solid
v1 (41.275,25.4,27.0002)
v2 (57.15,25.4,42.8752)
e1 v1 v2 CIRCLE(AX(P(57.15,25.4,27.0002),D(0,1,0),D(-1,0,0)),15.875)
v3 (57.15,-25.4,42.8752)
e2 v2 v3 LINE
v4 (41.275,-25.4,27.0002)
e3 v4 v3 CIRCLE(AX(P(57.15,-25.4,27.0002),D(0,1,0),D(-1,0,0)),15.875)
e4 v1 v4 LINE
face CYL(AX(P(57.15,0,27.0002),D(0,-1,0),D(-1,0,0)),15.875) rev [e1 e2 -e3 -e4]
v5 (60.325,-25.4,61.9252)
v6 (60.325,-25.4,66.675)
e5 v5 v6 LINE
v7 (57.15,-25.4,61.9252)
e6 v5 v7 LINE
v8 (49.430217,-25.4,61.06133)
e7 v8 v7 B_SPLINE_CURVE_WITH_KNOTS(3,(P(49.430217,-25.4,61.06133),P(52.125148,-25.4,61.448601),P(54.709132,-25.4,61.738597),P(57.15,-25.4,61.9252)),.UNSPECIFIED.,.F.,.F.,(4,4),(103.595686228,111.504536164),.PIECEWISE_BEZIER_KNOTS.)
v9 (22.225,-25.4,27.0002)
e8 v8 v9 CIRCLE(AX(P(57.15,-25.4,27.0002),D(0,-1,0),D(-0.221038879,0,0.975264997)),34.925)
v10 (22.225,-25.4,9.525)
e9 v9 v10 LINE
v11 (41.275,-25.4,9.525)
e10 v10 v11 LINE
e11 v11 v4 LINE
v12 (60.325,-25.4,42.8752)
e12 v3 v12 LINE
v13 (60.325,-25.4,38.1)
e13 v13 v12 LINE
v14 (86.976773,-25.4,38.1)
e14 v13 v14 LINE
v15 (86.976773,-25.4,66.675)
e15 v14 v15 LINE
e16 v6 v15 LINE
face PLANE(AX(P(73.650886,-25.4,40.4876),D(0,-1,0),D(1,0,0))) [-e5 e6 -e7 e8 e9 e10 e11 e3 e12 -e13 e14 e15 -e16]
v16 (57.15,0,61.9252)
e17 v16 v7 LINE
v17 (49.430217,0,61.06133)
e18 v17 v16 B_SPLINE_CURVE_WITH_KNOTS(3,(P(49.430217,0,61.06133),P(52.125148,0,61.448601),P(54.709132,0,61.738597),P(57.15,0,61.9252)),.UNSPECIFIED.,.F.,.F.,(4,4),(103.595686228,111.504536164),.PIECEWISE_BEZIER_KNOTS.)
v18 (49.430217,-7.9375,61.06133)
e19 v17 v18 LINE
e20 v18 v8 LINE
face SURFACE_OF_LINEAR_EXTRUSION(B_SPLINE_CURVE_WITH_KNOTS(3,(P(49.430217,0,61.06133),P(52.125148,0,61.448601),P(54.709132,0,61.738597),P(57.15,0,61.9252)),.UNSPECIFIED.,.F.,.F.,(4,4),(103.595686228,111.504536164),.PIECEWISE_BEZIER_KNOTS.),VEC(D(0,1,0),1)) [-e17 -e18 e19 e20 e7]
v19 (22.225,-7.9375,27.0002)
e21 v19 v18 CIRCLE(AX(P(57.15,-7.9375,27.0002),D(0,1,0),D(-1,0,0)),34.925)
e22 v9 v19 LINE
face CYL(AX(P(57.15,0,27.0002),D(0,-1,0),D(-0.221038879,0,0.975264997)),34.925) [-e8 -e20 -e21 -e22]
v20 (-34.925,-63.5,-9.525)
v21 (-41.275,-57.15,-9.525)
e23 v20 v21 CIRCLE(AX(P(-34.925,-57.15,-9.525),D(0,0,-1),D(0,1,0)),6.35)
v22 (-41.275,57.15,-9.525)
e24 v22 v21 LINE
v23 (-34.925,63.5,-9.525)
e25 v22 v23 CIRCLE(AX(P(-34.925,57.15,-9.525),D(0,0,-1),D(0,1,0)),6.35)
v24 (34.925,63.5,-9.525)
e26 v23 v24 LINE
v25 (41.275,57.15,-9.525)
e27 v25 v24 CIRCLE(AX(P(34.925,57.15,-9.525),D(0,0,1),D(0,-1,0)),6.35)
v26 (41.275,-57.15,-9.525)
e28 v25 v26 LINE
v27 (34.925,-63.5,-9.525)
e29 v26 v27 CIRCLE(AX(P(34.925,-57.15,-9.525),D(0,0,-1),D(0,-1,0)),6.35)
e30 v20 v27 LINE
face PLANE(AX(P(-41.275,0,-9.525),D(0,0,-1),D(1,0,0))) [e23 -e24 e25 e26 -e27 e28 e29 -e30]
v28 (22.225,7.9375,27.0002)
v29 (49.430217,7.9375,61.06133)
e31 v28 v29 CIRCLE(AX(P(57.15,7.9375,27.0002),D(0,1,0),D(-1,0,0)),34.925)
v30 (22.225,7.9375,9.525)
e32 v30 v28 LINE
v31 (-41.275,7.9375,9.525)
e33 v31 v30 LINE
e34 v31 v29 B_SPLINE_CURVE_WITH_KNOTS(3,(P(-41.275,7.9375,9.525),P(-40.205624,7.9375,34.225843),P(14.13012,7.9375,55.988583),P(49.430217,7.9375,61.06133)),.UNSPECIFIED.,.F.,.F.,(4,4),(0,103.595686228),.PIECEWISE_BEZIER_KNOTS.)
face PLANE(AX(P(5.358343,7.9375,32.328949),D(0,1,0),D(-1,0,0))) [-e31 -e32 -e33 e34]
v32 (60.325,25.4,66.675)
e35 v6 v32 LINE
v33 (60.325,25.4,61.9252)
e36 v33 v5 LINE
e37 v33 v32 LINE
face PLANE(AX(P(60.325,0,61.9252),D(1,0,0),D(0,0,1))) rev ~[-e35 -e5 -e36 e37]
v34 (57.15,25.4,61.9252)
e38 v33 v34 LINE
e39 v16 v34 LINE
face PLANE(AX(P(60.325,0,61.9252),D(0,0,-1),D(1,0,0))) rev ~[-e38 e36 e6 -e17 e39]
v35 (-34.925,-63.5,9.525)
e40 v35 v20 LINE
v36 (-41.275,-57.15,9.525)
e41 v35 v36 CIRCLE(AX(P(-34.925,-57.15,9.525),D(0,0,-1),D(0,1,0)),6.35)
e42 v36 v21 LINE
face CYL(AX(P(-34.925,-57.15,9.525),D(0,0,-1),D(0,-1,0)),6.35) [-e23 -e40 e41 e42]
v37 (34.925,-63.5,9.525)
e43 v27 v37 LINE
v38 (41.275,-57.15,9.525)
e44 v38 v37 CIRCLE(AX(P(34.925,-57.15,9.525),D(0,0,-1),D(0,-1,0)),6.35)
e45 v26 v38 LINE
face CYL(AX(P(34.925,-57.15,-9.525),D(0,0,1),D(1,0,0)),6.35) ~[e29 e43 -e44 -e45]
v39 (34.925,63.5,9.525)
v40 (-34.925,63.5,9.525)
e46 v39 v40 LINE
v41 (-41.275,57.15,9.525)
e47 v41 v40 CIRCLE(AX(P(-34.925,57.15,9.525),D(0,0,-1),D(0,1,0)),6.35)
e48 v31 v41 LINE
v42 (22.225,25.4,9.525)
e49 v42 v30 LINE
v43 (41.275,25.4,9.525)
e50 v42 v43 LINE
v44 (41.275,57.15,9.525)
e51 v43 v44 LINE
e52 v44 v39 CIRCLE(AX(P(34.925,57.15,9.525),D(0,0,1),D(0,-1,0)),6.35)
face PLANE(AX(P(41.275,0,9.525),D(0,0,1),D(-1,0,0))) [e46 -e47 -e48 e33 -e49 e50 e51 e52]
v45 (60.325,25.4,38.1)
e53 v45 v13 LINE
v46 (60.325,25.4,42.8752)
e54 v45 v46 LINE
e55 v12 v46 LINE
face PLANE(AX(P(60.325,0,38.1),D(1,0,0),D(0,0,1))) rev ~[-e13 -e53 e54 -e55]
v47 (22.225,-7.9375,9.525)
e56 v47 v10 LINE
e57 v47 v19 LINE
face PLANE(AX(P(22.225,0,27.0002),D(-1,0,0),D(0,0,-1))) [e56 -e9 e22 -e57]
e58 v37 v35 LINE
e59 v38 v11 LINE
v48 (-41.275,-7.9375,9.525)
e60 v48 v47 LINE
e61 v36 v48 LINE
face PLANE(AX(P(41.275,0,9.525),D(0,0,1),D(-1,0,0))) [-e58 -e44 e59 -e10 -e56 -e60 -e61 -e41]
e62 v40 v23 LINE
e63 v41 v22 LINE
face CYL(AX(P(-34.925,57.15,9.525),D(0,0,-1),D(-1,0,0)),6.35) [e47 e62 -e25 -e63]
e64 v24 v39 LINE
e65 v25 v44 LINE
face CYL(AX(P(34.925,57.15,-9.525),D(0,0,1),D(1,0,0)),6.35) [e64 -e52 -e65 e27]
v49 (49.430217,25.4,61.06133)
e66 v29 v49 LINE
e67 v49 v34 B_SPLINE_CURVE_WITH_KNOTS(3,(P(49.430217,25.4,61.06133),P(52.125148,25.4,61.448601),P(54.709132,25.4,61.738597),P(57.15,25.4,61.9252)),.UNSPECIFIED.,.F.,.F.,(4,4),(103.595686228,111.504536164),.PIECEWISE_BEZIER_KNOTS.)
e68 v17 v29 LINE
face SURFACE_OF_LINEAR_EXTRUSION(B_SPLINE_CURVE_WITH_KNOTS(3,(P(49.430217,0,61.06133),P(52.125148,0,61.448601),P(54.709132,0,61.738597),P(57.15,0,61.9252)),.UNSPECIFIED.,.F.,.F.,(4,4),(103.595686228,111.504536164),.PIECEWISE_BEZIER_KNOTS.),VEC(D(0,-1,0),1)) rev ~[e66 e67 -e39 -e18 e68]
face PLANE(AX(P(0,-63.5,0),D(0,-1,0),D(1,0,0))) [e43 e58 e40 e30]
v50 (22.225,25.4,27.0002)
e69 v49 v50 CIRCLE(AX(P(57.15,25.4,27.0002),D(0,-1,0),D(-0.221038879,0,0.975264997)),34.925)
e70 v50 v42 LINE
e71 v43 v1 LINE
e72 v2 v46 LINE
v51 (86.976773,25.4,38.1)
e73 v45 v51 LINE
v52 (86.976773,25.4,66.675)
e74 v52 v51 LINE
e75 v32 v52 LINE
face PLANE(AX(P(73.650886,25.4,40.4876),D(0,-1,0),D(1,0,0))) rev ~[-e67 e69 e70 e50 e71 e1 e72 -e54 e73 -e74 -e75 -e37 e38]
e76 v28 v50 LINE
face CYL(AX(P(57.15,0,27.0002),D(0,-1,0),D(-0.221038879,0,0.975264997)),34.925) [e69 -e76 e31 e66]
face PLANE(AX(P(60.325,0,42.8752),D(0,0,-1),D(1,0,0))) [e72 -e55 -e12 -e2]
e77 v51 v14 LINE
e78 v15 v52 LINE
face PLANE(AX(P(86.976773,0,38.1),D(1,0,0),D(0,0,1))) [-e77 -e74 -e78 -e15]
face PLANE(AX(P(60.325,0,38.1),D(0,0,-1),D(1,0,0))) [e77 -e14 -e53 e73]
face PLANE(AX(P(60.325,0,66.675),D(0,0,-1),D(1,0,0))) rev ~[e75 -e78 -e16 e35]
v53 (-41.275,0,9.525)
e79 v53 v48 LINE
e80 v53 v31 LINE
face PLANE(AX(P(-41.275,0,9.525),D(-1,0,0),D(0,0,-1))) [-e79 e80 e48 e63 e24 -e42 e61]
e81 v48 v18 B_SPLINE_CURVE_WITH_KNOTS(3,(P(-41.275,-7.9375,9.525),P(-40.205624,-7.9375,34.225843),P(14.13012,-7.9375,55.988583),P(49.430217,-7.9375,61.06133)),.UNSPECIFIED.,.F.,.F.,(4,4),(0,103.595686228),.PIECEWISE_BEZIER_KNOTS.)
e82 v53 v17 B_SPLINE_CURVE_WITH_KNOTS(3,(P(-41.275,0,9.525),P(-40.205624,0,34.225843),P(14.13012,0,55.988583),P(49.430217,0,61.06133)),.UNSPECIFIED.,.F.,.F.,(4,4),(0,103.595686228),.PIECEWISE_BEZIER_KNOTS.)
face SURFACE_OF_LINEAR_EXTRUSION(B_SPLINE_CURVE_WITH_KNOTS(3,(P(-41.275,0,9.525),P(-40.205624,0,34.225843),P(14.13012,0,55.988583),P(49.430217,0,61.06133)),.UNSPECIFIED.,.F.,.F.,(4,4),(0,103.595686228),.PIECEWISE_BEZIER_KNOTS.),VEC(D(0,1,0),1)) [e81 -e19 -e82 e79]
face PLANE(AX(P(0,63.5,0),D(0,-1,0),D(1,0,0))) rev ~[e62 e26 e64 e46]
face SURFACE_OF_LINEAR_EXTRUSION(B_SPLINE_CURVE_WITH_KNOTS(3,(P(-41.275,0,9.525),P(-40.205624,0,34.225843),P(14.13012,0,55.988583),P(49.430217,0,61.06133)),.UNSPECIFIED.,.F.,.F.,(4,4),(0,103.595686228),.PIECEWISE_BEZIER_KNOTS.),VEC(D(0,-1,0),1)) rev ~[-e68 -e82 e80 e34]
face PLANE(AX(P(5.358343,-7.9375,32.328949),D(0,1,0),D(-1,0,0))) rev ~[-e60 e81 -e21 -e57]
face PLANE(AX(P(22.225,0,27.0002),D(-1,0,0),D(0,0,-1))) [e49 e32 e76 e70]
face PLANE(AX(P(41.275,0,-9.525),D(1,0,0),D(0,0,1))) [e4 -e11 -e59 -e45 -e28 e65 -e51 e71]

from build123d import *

# Parameters (mm, degrees)
F1_DEPTH = 63.5
F2_DEPTH = 25.4
F3_DEPTH = 7.9375
F0_W     = 26.651772843
F0_H     = 19.05
F4_DEPTH = 25.4
F0_H_2   = 4.7498
F5_DEPTH = 25.4
F0_H_3   = 4.7752
F6_DEPTH = 25.4
F7_R     = 6.35


with BuildPart() as f1:
    # F0 (on Front) → F1 (new body, symmetric)
    with BuildSketch(Plane.XZ):
        Polygon((22.225, 9.525), (-41.275, 9.525), (-41.275, -9.525), (41.275, -9.525), (41.275, 9.525), align=None)
    extrude(amount=F1_DEPTH, both=True)

    # F0 (on Front) → F2 (join, symmetric)
    with BuildSketch(Plane.XZ):
        with BuildLine():
            Line((22.225, 27.0002), (22.225, 9.525))
            Line((22.225, 9.525), (41.275, 9.525))
            Line((41.275, 9.525), (41.275, 27.0002))
            ThreePointArc((41.275, 27.0002), (45.9246798487, 38.2255201513), (57.15, 42.8752))
            Line((57.15, 42.8752), (60.325, 42.8752))
            Line((60.325, 42.8752), (60.325, 61.9252))
            Line((60.325, 61.9252), (57.15, 61.9252))
            add(Edge.make_bspline(
                [(49.4302171485, 61.0613300125), (52.1251476125, 61.4486009336), (54.7091322503, 61.7385972485), (57.15, 61.9252)],
                knots=[103.5956862279, 103.5956862279, 103.5956862279, 103.5956862279, 111.5045361635, 111.5045361635, 111.5045361635, 111.5045361635], degree=3))
            ThreePointArc((49.4302171485, 61.0613300125), (29.8610916205, 48.7963259047), (22.225, 27.0002))
        make_face()
    extrude(amount=F2_DEPTH, both=True)

    # F0 (on Front) → F3 (join, symmetric)
    with BuildSketch(Plane.XZ):
        with BuildLine():
            add(Edge.make_bspline(
                [(-41.275, 9.525), (-40.2056240451, 34.2258425008), (14.1301200379, 55.9885827536), (49.4302171485, 61.0613300125)],
                knots=[0, 0, 0, 0, 103.5956862279, 103.5956862279, 103.5956862279, 103.5956862279], degree=3))
            Line((-41.275, 9.525), (22.225, 9.525))
            Line((22.225, 9.525), (22.225, 27.0002))
            ThreePointArc((22.225, 27.0002), (29.8610916205, 48.7963259047), (49.4302171485, 61.0613300125))
        make_face()
    extrude(amount=F3_DEPTH, both=True)

    # F0 (on Front) → F4 (join, symmetric)
    with BuildSketch(Plane.XZ):
        with Locations((73.6508864215, 52.4002)):
            Rectangle(F0_W, F0_H)
    extrude(amount=F4_DEPTH, both=True)

    # F0 (on Front) → F5 (join, symmetric)
    with BuildSketch(Plane.XZ):
        with Locations((73.6508864215, 64.3001)):
            Rectangle(F0_W, F0_H_2)
    extrude(amount=F5_DEPTH, both=True)

    # F0 (on Front) → F6 (join, symmetric)
    with BuildSketch(Plane.XZ):
        with Locations((73.6508864215, 40.4876)):
            Rectangle(F0_W, F0_H_3)
    extrude(amount=F6_DEPTH, both=True)

    # F7
    f7_edges = [f1.edges().sort_by_distance(p)[0] for p in [
        (-41.275, -63.5, 0),
        (41.275, -63.5, 0),
        (41.275, 63.5, 0),
        (-41.275, 63.5, 0),
    ]]
    fillet(f7_edges, radius=F7_R)


solid = f1.part
